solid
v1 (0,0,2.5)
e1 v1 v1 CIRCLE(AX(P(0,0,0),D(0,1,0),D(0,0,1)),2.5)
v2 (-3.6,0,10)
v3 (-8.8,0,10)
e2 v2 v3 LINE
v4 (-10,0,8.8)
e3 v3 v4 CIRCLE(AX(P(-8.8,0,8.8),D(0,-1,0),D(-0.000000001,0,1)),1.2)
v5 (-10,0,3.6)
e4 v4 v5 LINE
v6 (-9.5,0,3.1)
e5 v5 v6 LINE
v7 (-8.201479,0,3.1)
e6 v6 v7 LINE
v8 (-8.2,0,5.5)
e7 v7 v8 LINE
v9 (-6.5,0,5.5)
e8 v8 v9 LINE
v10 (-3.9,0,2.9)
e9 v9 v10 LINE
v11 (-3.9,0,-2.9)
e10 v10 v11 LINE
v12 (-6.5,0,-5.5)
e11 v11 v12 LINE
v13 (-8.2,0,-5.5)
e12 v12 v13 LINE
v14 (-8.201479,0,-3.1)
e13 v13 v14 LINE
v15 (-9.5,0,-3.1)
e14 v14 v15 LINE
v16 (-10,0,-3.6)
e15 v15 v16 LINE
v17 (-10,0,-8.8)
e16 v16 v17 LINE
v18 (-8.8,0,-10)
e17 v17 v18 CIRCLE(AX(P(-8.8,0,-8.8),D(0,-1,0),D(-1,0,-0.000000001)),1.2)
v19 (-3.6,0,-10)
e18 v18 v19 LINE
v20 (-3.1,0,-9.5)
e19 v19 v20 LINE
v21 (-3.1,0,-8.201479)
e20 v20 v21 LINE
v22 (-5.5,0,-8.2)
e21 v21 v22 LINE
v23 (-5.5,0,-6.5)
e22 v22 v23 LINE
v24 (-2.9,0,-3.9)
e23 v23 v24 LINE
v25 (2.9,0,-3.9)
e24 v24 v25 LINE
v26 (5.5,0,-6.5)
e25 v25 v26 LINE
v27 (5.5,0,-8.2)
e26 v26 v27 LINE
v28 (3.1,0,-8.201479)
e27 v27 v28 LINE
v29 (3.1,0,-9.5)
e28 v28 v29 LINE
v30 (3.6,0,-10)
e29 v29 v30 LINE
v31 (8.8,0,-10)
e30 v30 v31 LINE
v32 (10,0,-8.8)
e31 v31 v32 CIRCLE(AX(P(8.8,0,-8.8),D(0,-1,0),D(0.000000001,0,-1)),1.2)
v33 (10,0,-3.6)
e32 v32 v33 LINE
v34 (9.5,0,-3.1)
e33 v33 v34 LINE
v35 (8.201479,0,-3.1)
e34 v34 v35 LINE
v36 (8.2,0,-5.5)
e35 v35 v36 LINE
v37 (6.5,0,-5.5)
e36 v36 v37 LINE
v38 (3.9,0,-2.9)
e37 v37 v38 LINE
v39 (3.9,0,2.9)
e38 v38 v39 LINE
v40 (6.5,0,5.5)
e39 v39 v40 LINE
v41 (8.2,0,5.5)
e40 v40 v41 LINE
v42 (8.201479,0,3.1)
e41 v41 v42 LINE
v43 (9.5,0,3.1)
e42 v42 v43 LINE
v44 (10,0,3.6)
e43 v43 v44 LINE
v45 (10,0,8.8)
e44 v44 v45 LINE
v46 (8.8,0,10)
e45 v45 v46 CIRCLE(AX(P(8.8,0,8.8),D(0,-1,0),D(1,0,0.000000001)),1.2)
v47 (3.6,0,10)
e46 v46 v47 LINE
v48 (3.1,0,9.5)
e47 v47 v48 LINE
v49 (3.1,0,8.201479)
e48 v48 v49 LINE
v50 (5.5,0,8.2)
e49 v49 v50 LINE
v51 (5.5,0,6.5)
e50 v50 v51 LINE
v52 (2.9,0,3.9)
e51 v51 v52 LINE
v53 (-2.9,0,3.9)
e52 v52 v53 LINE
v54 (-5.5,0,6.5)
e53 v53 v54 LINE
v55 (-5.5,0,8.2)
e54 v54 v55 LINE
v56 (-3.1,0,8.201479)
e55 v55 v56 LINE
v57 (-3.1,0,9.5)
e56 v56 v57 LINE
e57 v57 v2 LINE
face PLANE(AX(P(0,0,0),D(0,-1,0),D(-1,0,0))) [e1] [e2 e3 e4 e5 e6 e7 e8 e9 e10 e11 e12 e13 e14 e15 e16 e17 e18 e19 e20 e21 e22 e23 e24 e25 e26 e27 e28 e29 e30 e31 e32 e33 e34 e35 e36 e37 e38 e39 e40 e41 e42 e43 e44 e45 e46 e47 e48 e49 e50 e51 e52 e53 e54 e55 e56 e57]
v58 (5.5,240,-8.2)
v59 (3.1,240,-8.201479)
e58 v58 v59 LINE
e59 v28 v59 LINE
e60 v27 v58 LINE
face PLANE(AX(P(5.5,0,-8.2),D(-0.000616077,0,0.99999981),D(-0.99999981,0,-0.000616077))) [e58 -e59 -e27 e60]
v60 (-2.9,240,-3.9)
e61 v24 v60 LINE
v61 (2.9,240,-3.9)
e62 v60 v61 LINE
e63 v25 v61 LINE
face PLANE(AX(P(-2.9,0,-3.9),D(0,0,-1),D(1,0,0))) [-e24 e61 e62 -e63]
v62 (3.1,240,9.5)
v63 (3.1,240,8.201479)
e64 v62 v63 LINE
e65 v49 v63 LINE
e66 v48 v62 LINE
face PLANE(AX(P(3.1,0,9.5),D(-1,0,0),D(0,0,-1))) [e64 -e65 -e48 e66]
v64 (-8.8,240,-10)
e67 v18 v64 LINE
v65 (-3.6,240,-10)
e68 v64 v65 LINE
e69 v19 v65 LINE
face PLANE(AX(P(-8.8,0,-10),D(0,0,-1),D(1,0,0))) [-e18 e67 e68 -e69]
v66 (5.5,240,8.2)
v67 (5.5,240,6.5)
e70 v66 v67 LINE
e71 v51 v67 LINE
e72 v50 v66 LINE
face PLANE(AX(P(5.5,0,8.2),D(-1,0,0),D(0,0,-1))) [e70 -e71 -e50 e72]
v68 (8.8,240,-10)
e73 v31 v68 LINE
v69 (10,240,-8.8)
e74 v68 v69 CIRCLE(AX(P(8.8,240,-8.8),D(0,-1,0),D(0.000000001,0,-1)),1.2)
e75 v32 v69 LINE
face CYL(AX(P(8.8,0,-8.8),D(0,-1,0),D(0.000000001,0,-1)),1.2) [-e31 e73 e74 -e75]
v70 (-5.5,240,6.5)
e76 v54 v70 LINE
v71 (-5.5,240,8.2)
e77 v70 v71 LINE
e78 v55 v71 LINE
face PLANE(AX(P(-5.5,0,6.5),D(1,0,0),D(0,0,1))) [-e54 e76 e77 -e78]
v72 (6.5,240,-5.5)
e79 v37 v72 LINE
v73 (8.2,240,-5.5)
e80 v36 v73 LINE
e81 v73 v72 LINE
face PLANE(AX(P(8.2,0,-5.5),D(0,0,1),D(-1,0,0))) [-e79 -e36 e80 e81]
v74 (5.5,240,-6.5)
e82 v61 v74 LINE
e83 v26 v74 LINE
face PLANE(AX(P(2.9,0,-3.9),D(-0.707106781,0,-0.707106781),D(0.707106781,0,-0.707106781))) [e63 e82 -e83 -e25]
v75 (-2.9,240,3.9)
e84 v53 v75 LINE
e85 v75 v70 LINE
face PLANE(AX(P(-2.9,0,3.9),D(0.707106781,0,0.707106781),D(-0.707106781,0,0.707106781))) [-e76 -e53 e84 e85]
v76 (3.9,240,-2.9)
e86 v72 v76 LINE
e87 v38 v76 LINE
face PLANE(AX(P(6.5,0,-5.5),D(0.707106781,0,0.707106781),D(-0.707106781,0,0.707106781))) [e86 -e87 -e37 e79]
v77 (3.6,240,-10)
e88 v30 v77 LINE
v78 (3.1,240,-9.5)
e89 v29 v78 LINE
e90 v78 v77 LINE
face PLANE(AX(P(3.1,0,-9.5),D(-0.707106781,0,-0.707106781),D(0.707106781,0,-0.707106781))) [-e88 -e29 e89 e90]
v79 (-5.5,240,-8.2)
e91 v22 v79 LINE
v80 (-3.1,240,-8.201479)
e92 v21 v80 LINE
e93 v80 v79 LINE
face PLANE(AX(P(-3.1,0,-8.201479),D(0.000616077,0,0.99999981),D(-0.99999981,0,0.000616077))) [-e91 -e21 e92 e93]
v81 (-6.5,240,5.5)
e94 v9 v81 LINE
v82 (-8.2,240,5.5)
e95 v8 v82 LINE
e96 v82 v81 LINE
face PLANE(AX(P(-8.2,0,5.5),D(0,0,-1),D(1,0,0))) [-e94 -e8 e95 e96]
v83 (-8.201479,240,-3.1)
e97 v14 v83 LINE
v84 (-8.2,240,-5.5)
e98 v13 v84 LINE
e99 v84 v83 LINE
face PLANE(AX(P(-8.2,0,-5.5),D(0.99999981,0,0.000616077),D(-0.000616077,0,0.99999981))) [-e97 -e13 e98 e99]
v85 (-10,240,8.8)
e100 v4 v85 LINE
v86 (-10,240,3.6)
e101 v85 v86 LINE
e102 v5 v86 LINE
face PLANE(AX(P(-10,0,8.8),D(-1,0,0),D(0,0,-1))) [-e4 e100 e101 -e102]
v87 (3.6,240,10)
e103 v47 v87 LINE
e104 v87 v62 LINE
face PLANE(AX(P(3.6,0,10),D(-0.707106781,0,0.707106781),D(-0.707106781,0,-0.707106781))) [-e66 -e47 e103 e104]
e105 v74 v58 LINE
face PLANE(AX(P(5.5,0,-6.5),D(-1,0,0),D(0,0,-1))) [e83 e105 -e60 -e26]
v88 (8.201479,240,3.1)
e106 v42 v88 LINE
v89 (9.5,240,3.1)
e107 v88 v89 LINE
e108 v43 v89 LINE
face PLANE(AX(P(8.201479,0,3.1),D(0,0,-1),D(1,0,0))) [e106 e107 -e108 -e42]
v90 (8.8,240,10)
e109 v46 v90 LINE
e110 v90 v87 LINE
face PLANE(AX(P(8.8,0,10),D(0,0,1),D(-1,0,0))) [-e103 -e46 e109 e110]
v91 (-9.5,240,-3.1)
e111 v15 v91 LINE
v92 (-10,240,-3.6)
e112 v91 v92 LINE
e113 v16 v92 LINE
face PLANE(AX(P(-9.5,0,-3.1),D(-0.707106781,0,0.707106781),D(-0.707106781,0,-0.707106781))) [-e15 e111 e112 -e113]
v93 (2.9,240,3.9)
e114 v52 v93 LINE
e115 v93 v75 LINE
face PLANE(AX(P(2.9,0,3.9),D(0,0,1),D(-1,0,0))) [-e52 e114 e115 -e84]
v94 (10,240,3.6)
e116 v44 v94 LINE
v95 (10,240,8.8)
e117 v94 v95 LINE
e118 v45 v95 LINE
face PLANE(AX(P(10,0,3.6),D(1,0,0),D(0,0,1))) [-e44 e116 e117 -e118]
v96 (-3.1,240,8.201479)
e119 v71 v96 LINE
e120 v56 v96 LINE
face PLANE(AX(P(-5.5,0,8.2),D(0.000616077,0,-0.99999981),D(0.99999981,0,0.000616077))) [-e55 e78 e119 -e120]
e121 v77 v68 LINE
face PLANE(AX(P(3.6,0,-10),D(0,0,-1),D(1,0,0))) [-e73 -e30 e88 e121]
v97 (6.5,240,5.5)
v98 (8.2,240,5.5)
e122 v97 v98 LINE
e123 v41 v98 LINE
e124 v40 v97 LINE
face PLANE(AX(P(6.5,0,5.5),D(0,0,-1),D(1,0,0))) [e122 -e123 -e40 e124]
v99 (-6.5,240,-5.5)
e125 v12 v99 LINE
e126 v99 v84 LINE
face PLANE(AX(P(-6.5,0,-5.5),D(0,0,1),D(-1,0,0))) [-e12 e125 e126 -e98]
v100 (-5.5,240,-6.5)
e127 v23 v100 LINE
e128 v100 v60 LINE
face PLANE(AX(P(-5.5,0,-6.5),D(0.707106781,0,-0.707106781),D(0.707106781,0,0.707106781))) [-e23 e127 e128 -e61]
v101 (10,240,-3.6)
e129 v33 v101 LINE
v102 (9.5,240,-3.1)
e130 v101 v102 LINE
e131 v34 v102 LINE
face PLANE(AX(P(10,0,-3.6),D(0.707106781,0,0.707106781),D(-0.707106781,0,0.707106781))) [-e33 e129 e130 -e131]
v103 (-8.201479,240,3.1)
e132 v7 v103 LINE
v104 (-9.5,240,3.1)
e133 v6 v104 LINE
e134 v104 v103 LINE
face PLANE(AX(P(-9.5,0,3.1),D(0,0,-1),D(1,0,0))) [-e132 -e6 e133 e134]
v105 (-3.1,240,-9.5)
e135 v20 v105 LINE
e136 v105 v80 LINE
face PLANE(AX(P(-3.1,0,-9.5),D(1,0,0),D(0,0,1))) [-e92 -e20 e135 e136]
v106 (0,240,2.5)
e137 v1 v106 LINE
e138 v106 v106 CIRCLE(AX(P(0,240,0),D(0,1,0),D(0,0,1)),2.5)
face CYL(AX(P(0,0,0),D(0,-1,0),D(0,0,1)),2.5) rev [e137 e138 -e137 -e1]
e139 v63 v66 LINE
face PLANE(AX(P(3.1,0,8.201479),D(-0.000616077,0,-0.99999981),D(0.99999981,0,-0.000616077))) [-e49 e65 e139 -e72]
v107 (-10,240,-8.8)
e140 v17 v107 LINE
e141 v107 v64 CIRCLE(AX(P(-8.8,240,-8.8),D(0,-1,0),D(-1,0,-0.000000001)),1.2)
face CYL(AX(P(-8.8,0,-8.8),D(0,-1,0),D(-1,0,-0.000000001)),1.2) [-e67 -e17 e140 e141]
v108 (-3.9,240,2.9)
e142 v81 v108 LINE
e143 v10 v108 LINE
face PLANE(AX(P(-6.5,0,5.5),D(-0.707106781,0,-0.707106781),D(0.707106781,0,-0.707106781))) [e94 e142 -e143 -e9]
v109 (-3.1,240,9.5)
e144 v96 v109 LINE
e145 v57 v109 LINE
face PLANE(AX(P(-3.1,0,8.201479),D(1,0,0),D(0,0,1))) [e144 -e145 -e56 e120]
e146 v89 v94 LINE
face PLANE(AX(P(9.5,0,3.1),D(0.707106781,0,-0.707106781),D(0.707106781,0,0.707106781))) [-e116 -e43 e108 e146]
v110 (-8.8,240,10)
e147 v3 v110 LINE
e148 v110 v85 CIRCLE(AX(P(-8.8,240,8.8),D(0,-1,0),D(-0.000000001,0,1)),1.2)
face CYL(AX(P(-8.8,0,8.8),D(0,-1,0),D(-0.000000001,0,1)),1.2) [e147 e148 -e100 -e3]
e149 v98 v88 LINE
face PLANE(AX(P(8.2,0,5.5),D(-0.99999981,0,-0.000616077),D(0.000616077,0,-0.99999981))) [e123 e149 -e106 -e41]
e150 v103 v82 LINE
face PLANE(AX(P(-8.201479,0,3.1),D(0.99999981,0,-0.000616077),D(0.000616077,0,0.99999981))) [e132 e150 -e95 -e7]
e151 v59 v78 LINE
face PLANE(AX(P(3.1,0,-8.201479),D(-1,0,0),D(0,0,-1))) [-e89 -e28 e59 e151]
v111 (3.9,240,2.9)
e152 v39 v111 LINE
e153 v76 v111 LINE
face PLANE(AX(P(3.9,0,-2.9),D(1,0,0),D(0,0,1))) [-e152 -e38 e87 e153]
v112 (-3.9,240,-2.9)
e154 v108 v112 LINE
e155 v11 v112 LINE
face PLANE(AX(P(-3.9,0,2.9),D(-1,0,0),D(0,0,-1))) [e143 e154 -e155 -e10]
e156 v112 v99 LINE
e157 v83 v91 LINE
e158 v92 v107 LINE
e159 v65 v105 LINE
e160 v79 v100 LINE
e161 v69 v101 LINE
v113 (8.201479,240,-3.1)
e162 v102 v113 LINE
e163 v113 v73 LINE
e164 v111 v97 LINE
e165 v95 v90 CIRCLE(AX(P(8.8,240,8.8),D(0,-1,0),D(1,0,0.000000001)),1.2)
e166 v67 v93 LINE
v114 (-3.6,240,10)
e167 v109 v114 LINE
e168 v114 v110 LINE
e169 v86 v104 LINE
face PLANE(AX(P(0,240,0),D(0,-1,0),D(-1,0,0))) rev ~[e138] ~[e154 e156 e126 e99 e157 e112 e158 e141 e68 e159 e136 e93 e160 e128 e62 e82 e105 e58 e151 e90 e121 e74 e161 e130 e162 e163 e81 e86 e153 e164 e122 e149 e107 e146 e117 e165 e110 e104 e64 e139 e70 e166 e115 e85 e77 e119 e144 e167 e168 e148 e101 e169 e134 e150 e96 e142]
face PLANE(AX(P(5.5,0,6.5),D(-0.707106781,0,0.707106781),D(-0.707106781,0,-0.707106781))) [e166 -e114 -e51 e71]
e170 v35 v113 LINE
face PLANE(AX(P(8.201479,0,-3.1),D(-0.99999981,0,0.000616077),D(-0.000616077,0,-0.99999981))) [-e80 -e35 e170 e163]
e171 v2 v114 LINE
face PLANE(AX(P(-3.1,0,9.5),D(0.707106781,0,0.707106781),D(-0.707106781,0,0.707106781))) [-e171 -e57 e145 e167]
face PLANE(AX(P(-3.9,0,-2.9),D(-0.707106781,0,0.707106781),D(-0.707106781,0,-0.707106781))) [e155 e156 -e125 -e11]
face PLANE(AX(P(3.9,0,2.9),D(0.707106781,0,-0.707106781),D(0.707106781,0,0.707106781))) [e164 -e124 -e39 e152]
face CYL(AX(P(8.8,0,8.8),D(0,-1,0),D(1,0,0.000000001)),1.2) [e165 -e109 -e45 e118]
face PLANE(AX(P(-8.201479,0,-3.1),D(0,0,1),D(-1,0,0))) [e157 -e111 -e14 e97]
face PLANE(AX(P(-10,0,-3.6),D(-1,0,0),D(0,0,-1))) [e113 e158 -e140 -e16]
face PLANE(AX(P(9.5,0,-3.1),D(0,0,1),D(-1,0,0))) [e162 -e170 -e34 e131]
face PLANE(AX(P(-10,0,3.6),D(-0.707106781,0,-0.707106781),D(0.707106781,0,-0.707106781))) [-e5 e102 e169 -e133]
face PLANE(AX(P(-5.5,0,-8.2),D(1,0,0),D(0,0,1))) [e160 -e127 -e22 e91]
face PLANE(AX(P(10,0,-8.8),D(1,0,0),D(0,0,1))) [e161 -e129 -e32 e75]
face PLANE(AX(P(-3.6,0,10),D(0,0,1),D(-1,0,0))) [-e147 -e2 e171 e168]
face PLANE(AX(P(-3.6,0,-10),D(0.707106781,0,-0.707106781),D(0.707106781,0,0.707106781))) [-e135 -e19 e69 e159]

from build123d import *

# Parameters (mm, degrees)
SKETCH_1_R      = 2.5
EXTRUDE_1_DEPTH = 240


with BuildPart() as part:
    # 草图1 → 凸台-拉伸1 (new body)
    with BuildSketch(Plane(origin=(0, 0, 0), x_dir=(1, 0, 0), z_dir=(0, 1, 0))):
        with BuildLine():
            Line((5.5, 8.2), (3.1, 8.201478584))
            Line((3.1, 8.201478584), (3.1, 9.5))
            Line((3.1, 9.5), (3.6, 10))
            Line((3.6, 10), (8.8, 10))
            ThreePointArc((8.8, 10), (9.648528137, 9.648528137), (10, 8.8))
            Line((10, 8.8), (10, 3.6))
            Line((10, 3.6), (9.5, 3.1))
            Line((9.5, 3.1), (8.201478584, 3.1))
            Line((8.201478584, 3.1), (8.2, 5.5))
            Line((8.2, 5.5), (6.5, 5.5))
            Line((6.5, 5.5), (3.9, 2.9))
            Line((3.9, 2.9), (3.9, -2.9))
            Line((3.9, -2.9), (6.5, -5.5))
            Line((6.5, -5.5), (8.2, -5.5))
            Line((8.2, -5.5), (8.201478584, -3.1))
            Line((8.201478584, -3.1), (9.5, -3.1))
            Line((9.5, -3.1), (10, -3.6))
            Line((10, -3.6), (10, -8.8))
            ThreePointArc((10, -8.8), (9.648528137, -9.648528137), (8.8, -10))
            Line((8.8, -10), (3.6, -10))
            Line((3.6, -10), (3.1, -9.5))
            Line((3.1, -9.5), (3.1, -8.201478584))
            Line((3.1, -8.201478584), (5.5, -8.2))
            Line((5.5, -8.2), (5.5, -6.5))
            Line((5.5, -6.5), (2.9, -3.9))
            Line((2.9, -3.9), (-2.9, -3.9))
            Line((-2.9, -3.9), (-5.5, -6.5))
            Line((-5.5, -6.5), (-5.5, -8.2))
            Line((-5.5, -8.2), (-3.1, -8.201478584))
            Line((-3.1, -8.201478584), (-3.1, -9.5))
            Line((-3.1, -9.5), (-3.6, -10))
            Line((-3.6, -10), (-8.8, -10))
            ThreePointArc((-8.8, -10), (-9.648528137, -9.648528137), (-10, -8.8))
            Line((-10, -8.8), (-10, -3.6))
            Line((-10, -3.6), (-9.5, -3.1))
            Line((-9.5, -3.1), (-8.201478584, -3.1))
            Line((-8.201478584, -3.1), (-8.2, -5.5))
            Line((-8.2, -5.5), (-6.5, -5.5))
            Line((-6.5, -5.5), (-3.9, -2.9))
            Line((-3.9, -2.9), (-3.9, 2.9))
            Line((-3.9, 2.9), (-6.5, 5.5))
            Line((-6.5, 5.5), (-8.2, 5.5))
            Line((-8.2, 5.5), (-8.201478584, 3.1))
            Line((-8.201478584, 3.1), (-9.5, 3.1))
            Line((-9.5, 3.1), (-10, 3.6))
            Line((-10, 3.6), (-10, 8.8))
            ThreePointArc((-10, 8.8), (-9.648528137, 9.648528137), (-8.8, 10))
            Line((-8.8, 10), (-3.6, 10))
            Line((-3.6, 10), (-3.1, 9.5))
            Line((-3.1, 9.5), (-3.1, 8.201478584))
            Line((-3.1, 8.201478584), (-5.5, 8.2))
            Line((-5.5, 8.2), (-5.5, 6.5))
            Line((-5.5, 6.5), (-2.9, 3.9))
            Line((-2.9, 3.9), (2.9, 3.9))
            Line((2.9, 3.9), (5.5, 6.5))
            Line((5.5, 6.5), (5.5, 8.2))
        make_face()
        with Locations(Location((0, 0, 0), (0, 0, 270))):
            Circle(SKETCH_1_R, mode=Mode.SUBTRACT)
    extrude(amount=EXTRUDE_1_DEPTH)


solid = part.part
